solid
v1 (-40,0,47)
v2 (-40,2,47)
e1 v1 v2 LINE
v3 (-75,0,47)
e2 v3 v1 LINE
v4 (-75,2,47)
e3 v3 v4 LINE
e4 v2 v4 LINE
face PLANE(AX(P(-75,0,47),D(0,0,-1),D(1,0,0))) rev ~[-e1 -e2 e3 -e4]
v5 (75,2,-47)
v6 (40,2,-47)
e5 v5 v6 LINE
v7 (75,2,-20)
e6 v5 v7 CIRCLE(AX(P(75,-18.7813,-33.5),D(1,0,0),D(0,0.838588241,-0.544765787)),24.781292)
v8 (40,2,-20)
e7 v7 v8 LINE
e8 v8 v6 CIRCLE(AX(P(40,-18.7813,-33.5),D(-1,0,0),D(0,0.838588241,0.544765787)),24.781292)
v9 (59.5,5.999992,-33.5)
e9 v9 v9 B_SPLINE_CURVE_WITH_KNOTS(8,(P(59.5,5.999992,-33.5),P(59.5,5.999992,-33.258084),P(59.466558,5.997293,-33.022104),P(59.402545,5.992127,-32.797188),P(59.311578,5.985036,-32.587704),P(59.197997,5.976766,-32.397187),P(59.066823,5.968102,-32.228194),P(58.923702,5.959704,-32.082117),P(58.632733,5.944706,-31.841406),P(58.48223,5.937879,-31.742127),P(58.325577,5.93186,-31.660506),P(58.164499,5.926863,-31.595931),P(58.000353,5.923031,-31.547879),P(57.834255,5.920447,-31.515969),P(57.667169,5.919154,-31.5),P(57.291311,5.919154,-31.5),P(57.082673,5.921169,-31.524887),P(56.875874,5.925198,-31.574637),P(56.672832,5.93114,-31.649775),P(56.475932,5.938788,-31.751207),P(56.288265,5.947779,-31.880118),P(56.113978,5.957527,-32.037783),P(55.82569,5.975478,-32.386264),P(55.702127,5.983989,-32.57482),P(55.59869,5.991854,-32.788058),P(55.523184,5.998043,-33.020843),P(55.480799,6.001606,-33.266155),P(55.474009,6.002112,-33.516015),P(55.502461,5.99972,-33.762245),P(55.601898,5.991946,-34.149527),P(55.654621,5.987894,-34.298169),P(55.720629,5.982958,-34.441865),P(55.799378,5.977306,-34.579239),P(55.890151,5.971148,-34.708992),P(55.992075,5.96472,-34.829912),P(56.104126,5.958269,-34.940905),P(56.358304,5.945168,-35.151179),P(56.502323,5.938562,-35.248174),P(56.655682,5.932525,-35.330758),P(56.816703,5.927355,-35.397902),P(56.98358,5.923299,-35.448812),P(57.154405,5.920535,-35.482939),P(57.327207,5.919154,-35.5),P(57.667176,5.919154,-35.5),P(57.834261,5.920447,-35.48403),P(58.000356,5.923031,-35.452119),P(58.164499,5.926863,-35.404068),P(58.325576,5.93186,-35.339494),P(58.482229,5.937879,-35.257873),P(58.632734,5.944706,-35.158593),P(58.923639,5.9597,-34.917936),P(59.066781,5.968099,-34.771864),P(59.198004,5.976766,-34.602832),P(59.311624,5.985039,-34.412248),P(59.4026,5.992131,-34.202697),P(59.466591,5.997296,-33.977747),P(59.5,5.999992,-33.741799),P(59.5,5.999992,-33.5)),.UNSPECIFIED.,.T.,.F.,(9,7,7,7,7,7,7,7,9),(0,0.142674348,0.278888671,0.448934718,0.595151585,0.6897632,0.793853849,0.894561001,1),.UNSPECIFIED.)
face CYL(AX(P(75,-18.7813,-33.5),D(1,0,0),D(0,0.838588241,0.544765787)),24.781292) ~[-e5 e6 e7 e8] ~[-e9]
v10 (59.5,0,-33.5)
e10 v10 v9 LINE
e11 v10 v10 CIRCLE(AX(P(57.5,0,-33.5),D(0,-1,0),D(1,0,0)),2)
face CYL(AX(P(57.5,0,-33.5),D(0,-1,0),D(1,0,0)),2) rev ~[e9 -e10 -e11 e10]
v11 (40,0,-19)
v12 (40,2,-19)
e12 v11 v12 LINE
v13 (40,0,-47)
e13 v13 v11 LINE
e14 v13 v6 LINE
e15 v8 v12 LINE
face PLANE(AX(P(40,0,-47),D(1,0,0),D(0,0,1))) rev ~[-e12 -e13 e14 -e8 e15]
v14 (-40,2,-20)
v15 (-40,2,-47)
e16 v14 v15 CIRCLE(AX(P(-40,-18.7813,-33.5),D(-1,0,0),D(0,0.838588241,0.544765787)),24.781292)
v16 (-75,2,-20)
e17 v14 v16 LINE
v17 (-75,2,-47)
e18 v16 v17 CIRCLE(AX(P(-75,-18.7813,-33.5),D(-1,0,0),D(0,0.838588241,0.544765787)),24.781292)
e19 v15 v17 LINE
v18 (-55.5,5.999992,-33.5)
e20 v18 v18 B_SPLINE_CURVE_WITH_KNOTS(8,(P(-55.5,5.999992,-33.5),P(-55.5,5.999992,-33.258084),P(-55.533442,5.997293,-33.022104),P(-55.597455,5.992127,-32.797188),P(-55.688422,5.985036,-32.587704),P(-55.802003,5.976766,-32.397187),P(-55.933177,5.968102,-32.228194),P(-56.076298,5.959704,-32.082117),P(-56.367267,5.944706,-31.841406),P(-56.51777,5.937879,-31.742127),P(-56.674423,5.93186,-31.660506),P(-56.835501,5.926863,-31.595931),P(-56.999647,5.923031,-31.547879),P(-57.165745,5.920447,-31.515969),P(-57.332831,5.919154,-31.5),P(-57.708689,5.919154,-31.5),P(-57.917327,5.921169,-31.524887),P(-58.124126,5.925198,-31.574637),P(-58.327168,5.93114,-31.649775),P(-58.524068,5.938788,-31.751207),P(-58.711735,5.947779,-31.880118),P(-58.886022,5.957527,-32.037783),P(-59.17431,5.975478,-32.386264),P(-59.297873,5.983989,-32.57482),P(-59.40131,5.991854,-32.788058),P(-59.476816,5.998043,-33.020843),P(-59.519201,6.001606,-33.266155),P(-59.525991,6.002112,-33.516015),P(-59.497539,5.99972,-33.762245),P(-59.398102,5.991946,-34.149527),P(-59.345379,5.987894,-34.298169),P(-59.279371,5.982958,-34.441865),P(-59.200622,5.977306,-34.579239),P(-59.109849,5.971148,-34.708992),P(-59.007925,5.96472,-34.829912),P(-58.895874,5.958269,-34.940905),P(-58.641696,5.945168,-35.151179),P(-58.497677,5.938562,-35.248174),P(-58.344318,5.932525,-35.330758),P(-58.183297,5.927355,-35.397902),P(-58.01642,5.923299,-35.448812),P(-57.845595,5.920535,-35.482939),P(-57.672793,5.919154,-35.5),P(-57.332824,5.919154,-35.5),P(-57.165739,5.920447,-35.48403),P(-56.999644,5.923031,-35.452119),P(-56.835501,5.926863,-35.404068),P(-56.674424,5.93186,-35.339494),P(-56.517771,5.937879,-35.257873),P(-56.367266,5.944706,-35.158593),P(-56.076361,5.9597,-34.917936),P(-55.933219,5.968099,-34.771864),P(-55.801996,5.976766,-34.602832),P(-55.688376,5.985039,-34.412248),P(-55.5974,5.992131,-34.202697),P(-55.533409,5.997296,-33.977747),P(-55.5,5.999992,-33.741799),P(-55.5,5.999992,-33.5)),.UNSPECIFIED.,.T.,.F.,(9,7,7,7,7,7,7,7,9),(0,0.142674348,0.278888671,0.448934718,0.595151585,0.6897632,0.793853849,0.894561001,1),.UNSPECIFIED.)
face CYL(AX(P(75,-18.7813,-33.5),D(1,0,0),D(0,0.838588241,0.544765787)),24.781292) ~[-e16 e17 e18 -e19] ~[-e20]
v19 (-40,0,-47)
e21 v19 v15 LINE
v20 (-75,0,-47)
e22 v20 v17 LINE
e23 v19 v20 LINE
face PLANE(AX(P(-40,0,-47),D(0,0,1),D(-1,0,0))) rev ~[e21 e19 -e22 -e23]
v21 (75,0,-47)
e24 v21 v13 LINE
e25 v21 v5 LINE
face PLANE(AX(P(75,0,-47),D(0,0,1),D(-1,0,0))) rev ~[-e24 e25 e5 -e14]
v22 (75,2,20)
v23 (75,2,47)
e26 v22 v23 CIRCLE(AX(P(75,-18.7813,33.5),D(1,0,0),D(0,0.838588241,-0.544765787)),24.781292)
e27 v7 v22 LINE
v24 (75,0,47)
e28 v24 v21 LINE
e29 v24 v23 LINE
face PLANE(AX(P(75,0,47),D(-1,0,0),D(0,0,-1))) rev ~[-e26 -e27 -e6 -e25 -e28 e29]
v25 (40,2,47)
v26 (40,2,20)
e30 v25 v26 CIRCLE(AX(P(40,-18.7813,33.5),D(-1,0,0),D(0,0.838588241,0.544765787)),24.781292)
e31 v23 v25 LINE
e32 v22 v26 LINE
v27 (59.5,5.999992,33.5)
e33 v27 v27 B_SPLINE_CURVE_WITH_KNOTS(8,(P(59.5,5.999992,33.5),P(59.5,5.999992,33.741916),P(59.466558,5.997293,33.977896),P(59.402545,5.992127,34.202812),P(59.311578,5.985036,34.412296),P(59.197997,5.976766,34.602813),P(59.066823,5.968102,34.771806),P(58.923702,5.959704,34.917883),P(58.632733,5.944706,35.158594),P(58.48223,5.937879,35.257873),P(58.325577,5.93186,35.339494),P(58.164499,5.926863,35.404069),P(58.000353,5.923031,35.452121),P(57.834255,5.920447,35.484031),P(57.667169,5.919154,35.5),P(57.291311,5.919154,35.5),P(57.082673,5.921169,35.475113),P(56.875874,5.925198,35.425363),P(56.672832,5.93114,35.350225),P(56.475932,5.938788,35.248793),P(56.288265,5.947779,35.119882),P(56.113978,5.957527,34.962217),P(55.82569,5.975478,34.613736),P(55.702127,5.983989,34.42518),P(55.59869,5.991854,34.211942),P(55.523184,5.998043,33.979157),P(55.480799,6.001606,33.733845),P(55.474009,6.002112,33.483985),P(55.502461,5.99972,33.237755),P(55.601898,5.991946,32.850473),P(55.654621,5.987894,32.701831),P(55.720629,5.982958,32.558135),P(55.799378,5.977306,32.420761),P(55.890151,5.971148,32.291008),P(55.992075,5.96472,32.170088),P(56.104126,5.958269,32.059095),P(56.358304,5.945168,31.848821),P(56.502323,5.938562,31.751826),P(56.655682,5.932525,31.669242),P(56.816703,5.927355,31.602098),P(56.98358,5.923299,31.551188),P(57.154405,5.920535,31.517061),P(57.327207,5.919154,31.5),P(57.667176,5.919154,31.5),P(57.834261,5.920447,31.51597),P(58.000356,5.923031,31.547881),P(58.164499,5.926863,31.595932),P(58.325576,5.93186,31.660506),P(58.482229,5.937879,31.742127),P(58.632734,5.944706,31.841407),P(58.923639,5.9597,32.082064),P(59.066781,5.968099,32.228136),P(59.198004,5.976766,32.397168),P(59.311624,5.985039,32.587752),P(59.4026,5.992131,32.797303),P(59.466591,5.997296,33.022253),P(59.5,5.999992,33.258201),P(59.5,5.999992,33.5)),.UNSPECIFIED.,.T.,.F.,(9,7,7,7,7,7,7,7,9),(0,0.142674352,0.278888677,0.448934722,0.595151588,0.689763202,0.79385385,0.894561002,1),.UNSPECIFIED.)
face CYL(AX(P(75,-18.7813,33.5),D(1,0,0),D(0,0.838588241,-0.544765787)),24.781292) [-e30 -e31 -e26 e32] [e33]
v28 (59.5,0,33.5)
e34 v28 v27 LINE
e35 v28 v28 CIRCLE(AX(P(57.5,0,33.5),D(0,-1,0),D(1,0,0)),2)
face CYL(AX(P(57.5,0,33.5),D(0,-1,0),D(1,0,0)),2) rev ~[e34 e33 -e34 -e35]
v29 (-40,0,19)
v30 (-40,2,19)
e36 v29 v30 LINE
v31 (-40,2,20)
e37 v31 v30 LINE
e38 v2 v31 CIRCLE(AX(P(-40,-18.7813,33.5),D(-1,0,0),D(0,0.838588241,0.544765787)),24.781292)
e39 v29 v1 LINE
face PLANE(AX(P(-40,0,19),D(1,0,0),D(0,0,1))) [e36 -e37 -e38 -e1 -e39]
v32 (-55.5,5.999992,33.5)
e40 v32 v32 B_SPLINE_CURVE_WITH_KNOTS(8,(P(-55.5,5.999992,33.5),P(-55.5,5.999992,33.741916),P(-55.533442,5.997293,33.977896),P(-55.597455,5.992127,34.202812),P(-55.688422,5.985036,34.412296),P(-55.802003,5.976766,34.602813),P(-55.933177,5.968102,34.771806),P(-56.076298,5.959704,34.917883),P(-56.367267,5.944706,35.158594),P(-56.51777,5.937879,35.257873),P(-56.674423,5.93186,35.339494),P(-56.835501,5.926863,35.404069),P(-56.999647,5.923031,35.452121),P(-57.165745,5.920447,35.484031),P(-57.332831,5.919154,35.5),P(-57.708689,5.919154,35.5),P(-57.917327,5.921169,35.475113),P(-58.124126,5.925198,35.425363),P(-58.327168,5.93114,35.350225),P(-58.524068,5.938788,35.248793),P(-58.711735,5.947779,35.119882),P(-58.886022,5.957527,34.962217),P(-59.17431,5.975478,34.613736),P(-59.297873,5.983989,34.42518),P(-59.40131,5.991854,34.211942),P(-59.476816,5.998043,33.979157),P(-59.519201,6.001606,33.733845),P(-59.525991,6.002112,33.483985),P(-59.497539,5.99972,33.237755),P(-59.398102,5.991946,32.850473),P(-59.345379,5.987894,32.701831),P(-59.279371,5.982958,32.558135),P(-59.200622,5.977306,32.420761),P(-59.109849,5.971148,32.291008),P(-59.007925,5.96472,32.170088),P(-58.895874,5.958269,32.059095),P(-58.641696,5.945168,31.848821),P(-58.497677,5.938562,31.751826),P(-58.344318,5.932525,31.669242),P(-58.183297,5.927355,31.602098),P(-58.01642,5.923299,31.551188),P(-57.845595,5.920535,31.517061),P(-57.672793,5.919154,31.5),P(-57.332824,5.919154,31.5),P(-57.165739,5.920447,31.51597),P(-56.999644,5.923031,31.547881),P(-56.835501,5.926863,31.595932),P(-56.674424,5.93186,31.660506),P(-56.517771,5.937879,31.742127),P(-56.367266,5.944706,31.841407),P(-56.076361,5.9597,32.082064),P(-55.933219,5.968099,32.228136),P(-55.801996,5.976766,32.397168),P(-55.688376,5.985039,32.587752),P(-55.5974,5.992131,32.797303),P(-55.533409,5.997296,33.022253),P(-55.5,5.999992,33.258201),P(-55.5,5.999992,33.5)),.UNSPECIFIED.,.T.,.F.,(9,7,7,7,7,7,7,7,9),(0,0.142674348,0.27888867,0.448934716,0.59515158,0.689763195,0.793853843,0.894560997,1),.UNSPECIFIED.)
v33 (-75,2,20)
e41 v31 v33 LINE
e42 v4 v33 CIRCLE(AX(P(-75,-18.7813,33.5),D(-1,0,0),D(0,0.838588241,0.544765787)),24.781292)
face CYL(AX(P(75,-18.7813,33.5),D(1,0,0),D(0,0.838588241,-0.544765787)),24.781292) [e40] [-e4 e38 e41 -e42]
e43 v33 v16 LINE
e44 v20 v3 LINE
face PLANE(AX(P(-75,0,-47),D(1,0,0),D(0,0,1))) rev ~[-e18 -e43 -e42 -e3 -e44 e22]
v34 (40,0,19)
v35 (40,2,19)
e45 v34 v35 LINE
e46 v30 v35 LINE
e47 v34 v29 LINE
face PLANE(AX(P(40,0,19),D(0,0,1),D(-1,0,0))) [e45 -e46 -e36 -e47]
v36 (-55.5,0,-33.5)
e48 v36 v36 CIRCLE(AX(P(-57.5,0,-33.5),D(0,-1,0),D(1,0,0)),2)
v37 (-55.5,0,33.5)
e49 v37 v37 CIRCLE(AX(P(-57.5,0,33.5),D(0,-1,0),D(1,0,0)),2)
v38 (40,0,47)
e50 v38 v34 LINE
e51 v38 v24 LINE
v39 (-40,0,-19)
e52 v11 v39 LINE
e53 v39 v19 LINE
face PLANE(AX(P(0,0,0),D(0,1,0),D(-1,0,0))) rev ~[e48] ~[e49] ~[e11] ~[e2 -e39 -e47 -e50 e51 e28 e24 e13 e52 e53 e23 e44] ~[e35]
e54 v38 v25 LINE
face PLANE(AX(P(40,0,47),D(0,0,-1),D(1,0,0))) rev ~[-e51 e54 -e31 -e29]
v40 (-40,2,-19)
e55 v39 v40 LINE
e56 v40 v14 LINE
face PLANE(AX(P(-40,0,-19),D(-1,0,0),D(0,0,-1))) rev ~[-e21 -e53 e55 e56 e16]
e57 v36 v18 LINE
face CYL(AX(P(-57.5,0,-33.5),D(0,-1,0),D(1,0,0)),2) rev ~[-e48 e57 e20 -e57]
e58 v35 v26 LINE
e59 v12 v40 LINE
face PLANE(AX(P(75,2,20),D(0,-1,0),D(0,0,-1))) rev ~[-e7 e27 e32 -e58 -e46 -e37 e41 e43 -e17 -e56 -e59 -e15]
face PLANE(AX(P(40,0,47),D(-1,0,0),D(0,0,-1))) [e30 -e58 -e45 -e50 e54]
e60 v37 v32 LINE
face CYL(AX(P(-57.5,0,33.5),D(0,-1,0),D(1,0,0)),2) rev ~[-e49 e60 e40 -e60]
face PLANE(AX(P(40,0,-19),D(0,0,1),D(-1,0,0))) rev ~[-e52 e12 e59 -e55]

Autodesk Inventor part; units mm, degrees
ref_plane "YZ Plane" through (0, 0, 0) normal (1, 0, 0) x (0, 1, 0)
ref_plane "XZ Plane" through (0, 0, 0) normal (0, 1, 0) x (-1, 0, 0)
ref_plane "XY Plane" through (0, 0, 0) normal (0, 0, 1) x (1, 0, 0)
sketch "Main Base Sketch" plane through (0, 0, 0) normal (0, 1, 0) x (-1, 0, 0)
  line L0 (75, -47) -> (75, 47)
  line L1 (-75, 47) -> (-75, -47)
  line L2 (-75, -47) -> (75, 47) construction
  line L3 (75, -47) -> (-75, 47) construction
  line L4 (-40, -47) -> (-40, -19)
  line L5 (-40, -19) -> (40, -19)
  line L6 (40, -19) -> (40, -47)
  line L7 (40, 19) -> (40, 47)
  line L8 (-40, 19) -> (40, 19)
  line L9 (-40, 47) -> (-40, 19)
  line L10 (75, 47) -> (40, 47)
  line L11 (-40, 47) -> (-75, 47)
  line L12 (-75, -47) -> (-40, -47)
  line L13 (40, -47) -> (75, -47)
  point P0 (0, 0)
  point P1 (0, 0)
  dimension "d0" = 94
  dimension "d1" = 35
  dimension "d2" = 35
  dimension "d3" = 80
  dimension "d4" = 150
  dimension "d5" = 28
  dimension "d6" = 94
  dimension "d8" = 80
  dimension "d9" = 28
  dimension "d27" = 28
  dimension "d28" = 38
  dimension "d37" = 0
extrude "Main Base Extrusion" add sketch "Main Base Sketch" along normal blind 6
sketch "Middle Cut Sketch" plane through (0, 6, 0) normal (0, 1, 0) x (1, 0, 0)
  line L0 (-75, 47) -> (-75, -47) projected
  line L1 (75, 19) -> (-75, 19)
  line L2 (-75, 19) -> (-75, -19)
  line L3 (-75, -19) -> (75, -19)
  line L4 (75, -19) -> (75, 19)
  line L5 (-40, -19) -> (40, -19) projected
  line L6 (75, -47) -> (75, 47) projected
  line L7 (40, 19) -> (-40, 19) projected
  point P0 (0, 0)
  dimension "d18" = 0
  dimension "d19" = 0
  dimension "d34" = 0
extrude "Middle Cut" cut sketch "Middle Cut Sketch" against normal blind 4
sketch "Arc Sketch" plane through (75, 0, 47) normal (1, 0, 0) x (0, 0, -1)
  line L0 (27, 9.4354) -> (27, -6.3008)
  line L1 (13.5, 8.8022) -> (13.5, -9.7521)
  line L2 (-4.6363, 2) -> (37.5698, 2)
  line L3 (94, 0) -> (0, 0) projected
  arc A0 (27, 2) -> (0, 2) centre (13.5, -18.7813) ccw
  line L4 (0, 7.9962) -> (0, -1.9448)
  line L5 (0, 0) -> (0, 6) projected
  line L6 (0, 6) -> (0, 2)
  line L7 (28, 6) -> (0, 6) projected
  line L8 (0, 6) -> (28, 6)
  line L9 (28, 2) -> (28, 6) projected
  line L10 (28, 6) -> (28, 2)
  line L11 (28, 2) -> (27, 2)
  line L12 (94, 0) -> (94, 6) projected
  dimension "d25" = 13.5
  dimension "d26" = 2
  dimension "d29" = 13.5
  dimension "d30" = 27
extrude "Arc Cut" cut sketch "Arc Sketch" against normal through all contours L7 L9 L2 L0 | L0 A0 L7 | A0 L4 L7
mirror "Arc Mirror" about plane through (0, 0, 0) normal (0, 0, 1) of "Arc Cut"
sketch "Arc Holes Sketch" plane through (0, 0, 0) normal (0, -1, 0) x (1, 0, 0)
  circle A0 centre (57.5, 33.5) radius 2
  line L0 (75, -47) -> (75, 47) projected
  line L1 (40, 47) -> (40, 19) projected
  line L2 (40, 19) -> (-40, 19) projected
  line L3 (75, 47) -> (40, 47) projected
  line L4 (104.495, 0) -> (-129.4816, 0)
  line L5 (0, -57.7002) -> (0, 85.929)
  circle A1 centre (57.5, -33.5) radius 2
  circle A2 centre (-57.5, 33.5) radius 2
  circle A3 centre (-57.5, -33.5) radius 2
  point P0 (0, 0)
  dimension "d38" = 4
  dimension "d39" = 17.5
  dimension "d40" = 17.5
  dimension "d41" = 14.5
  dimension "d42" = 13.5
extrude "Arc Holes Cut" cut sketch "Arc Holes Sketch" against normal through all contours A0 | A1 | A2 | A3
properties part number "TapeMeasureBracketTop"
